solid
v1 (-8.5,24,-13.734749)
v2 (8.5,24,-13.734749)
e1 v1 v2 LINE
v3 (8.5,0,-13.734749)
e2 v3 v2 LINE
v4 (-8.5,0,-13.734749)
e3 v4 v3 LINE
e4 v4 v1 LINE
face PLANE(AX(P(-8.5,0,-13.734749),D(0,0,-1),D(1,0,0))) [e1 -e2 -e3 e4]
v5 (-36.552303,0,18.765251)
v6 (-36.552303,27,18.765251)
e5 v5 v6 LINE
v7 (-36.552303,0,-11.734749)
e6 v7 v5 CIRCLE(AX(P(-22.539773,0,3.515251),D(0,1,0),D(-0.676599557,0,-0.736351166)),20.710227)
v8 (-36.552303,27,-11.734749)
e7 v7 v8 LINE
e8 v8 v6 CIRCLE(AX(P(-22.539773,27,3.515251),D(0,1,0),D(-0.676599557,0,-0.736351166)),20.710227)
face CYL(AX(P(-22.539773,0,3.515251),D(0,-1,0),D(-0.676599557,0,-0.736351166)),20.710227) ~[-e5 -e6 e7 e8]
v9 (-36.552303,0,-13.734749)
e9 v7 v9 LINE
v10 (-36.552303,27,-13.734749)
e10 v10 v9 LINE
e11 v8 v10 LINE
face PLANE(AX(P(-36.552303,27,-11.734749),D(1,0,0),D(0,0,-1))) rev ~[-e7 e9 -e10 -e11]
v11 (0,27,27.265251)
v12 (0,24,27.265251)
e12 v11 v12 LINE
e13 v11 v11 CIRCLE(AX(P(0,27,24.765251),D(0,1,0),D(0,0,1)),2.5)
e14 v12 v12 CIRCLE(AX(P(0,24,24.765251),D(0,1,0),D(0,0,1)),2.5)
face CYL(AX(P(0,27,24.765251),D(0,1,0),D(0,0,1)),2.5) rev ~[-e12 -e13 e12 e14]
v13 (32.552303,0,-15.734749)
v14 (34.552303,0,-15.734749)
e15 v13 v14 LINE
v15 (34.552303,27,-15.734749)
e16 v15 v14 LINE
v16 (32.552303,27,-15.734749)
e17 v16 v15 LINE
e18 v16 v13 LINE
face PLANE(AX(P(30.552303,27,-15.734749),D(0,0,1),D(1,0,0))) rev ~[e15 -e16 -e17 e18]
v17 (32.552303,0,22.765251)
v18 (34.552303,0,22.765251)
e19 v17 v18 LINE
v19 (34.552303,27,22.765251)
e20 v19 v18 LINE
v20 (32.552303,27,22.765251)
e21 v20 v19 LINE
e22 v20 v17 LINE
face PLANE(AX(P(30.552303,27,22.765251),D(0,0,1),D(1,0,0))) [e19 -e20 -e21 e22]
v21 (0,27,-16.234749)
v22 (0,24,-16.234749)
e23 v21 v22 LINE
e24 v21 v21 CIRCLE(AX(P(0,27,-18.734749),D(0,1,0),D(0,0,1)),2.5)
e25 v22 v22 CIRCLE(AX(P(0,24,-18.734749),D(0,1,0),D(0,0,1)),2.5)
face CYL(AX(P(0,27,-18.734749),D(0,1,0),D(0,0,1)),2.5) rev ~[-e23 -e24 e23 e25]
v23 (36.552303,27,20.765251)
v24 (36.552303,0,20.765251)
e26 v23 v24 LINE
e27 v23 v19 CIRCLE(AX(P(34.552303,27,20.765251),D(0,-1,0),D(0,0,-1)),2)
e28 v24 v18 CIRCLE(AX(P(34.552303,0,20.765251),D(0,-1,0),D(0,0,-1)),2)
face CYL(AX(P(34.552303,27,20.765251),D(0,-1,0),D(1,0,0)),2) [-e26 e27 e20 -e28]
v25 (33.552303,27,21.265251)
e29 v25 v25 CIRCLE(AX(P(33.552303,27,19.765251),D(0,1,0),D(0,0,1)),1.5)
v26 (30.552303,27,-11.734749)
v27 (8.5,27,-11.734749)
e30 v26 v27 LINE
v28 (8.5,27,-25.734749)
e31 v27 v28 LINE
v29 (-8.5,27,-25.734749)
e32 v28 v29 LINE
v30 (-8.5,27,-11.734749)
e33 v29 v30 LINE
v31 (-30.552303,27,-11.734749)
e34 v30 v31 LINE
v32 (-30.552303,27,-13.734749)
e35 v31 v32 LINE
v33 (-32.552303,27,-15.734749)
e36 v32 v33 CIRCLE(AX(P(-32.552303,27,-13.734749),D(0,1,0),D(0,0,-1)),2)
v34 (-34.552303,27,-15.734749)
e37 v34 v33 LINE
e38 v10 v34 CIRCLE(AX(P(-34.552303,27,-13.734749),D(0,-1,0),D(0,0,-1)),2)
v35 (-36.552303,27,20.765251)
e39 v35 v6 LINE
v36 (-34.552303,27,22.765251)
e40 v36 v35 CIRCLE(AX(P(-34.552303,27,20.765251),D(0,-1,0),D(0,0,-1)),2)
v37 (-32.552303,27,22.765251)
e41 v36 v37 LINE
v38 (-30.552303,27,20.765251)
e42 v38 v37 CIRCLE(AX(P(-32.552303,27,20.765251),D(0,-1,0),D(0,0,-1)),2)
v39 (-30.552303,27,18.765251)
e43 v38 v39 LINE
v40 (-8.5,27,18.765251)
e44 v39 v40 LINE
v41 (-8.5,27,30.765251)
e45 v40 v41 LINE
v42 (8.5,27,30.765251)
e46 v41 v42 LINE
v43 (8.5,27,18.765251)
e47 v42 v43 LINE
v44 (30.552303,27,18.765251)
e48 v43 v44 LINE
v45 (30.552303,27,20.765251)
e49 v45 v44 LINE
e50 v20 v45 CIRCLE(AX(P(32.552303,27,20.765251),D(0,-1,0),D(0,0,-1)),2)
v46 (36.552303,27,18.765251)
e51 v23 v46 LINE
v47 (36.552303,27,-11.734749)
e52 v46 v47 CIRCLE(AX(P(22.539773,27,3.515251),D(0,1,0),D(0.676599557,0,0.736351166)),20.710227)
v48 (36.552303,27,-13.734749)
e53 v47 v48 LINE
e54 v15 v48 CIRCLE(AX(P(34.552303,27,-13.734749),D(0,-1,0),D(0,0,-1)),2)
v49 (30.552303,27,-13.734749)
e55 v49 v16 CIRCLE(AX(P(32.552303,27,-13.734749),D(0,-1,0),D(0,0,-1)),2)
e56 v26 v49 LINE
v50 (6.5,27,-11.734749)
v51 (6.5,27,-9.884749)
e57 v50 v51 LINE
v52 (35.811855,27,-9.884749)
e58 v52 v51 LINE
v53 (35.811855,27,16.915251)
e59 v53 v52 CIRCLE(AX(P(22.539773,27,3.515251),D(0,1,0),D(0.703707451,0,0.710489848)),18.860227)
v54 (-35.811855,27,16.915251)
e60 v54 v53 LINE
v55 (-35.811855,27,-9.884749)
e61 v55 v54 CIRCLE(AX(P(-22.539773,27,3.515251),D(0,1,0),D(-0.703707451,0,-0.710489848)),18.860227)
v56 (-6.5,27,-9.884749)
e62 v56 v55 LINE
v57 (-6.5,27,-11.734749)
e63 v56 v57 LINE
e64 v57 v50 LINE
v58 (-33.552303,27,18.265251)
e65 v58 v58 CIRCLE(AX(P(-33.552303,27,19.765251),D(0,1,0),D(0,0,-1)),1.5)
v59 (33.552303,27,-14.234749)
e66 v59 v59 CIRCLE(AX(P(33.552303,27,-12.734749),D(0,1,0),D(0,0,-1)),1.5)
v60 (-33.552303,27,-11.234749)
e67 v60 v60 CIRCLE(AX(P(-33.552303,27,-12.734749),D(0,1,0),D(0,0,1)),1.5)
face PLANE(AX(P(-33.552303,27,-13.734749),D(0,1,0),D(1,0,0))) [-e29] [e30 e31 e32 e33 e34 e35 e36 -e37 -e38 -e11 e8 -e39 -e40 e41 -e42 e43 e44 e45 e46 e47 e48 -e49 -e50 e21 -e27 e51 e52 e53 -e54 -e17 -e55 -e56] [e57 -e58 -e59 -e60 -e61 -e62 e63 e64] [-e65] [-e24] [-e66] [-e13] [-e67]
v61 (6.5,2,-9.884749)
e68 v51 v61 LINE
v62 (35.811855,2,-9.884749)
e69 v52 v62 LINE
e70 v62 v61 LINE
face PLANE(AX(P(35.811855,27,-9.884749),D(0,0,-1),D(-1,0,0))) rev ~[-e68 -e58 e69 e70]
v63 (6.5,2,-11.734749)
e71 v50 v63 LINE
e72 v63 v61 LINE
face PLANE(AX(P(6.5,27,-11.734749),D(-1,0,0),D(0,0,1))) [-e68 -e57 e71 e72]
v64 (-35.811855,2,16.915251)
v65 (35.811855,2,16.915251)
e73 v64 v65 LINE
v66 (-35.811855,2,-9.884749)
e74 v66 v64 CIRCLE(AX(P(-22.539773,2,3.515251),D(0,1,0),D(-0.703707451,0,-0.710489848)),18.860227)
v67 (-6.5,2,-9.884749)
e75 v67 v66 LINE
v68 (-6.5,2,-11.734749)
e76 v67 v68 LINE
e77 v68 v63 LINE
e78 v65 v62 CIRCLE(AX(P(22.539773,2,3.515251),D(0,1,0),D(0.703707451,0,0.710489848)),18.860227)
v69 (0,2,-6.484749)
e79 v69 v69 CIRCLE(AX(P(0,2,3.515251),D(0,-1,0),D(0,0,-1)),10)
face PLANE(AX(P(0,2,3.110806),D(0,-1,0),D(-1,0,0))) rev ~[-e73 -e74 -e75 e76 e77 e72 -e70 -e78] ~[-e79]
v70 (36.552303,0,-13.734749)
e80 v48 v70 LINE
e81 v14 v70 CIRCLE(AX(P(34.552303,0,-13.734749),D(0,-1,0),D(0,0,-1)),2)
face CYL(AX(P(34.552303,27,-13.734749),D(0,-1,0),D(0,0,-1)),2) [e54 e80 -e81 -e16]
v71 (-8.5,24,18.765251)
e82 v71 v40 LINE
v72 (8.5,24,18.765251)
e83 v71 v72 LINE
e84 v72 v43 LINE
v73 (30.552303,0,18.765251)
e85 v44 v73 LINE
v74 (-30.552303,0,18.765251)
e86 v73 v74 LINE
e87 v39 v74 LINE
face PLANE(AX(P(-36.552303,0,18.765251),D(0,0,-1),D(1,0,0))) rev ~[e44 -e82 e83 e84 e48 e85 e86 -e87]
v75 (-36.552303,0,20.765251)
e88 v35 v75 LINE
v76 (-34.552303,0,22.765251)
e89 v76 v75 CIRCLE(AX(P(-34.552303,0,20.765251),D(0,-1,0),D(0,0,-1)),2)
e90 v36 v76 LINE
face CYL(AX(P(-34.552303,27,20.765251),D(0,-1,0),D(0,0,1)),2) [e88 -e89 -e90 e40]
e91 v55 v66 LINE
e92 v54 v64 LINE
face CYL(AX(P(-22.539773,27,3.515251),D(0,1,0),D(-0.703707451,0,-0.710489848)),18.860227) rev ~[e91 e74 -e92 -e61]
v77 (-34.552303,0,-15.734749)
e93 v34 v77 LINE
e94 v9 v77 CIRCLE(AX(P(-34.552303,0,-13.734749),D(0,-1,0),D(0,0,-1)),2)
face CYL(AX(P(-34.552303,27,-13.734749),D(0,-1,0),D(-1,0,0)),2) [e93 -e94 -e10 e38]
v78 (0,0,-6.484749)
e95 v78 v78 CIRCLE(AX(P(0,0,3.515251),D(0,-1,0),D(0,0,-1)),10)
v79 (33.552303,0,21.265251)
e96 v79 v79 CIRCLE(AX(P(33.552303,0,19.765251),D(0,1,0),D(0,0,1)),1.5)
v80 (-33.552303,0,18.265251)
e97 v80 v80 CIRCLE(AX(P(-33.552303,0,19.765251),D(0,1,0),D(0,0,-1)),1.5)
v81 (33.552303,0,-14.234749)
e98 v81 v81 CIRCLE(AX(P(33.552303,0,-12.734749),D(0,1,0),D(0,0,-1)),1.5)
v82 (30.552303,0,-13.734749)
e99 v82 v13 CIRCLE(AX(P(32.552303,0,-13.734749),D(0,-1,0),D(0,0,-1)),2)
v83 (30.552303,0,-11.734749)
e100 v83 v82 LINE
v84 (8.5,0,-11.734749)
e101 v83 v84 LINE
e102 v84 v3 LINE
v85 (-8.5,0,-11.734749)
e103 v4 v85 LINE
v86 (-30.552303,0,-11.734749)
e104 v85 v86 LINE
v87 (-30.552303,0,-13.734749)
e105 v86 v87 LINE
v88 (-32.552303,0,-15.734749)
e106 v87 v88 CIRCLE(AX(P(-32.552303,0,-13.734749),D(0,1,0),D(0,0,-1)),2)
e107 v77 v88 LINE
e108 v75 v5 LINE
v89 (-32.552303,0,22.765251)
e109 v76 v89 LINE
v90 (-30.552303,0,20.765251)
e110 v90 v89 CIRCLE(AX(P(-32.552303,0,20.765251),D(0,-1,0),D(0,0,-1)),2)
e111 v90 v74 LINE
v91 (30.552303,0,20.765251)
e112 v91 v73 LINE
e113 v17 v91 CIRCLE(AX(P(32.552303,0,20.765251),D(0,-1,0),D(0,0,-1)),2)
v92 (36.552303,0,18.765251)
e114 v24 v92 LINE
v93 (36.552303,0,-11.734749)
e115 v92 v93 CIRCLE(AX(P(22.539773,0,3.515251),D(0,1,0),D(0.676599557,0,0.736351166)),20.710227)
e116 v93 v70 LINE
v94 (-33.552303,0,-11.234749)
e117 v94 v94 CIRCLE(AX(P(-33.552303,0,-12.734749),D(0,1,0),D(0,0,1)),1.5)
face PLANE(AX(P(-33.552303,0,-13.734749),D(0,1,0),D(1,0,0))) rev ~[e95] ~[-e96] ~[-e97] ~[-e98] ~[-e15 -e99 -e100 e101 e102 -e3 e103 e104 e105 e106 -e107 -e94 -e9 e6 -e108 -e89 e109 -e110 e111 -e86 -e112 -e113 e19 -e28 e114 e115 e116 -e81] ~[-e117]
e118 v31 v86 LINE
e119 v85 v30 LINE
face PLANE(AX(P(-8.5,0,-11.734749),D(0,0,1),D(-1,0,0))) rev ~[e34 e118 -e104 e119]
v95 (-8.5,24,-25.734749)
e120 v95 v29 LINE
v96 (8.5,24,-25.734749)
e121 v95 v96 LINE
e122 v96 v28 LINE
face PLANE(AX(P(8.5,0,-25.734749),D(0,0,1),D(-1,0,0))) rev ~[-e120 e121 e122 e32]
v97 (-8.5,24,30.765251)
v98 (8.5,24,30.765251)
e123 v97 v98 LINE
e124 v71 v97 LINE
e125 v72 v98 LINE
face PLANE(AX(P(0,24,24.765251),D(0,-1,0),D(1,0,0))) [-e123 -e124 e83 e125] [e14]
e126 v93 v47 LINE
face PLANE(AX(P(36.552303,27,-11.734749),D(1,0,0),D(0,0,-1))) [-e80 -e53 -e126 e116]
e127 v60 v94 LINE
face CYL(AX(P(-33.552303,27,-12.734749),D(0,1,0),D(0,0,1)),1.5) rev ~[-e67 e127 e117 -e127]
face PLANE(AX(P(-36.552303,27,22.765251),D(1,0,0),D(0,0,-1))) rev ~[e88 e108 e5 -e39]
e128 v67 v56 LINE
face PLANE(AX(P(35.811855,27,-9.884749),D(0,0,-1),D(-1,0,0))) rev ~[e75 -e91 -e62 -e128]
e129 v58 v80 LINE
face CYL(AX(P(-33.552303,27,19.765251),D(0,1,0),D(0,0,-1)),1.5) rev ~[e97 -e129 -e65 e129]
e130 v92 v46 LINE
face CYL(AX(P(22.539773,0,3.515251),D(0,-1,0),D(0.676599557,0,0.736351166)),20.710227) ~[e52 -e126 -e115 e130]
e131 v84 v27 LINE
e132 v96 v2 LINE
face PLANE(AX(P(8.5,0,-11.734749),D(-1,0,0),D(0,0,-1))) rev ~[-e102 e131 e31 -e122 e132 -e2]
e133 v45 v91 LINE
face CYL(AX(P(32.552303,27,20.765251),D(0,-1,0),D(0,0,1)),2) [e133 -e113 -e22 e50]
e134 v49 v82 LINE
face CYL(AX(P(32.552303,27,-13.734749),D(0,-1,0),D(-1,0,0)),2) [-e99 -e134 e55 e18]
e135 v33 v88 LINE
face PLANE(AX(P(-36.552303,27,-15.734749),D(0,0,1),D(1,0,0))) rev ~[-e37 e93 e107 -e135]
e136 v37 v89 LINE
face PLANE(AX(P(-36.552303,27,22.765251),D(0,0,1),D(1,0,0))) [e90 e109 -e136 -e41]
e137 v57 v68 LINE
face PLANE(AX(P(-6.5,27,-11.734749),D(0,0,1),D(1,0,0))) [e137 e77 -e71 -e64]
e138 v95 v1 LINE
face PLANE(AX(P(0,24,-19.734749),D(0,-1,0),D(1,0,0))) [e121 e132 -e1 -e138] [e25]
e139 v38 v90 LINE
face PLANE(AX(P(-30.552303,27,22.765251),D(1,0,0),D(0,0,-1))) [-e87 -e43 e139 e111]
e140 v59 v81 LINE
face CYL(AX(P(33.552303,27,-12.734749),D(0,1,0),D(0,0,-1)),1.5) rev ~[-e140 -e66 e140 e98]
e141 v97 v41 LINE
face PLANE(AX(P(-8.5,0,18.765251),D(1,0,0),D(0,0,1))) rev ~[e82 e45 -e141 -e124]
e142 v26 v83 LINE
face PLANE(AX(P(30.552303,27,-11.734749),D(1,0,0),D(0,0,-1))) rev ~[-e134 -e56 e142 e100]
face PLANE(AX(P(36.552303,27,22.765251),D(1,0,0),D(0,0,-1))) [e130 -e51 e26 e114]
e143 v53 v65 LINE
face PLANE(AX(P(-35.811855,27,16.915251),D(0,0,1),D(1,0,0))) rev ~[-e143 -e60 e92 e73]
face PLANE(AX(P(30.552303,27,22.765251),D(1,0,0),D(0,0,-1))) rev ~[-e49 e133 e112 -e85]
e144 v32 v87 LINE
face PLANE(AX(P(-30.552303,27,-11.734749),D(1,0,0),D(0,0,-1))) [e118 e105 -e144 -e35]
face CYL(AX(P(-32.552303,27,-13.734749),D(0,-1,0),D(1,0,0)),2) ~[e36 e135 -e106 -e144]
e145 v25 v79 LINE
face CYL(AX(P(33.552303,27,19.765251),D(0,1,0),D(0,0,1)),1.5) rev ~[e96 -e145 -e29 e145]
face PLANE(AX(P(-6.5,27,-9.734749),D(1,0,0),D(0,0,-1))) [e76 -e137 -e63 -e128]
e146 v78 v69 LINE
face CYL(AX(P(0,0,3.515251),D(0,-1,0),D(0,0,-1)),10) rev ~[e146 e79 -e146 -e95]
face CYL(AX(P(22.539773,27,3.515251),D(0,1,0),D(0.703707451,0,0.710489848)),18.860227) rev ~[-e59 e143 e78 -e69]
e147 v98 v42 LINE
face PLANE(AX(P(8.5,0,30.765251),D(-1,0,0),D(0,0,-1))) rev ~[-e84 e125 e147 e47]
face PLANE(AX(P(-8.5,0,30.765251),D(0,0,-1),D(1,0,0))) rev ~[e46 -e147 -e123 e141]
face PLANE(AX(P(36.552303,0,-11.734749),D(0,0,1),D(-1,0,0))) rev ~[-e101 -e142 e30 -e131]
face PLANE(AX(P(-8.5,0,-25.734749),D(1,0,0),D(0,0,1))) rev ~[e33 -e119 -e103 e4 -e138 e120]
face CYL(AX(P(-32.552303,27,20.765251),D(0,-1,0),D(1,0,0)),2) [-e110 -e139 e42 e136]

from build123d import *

# Parameters (mm, degrees)
BOSS_EXTRUDE2_DEPTH = 27
CUT_EXTRUDE3_DEPTH  = 25
SKETCH5_R           = 10
CUT_EXTRUDE4_DEPTH  = 2
SKETCH6_W           = 6
SKETCH6_H           = 4
BOSS_EXTRUDE3_DEPTH = 27
SKETCH7_R           = 1.5
CUT_EXTRUDE5_DEPTH  = 27
SKETCH15_W          = 17
SKETCH15_H          = 12
CUT_EXTRUDE6_DEPTH  = 24
FILLET1_R           = 2
CUT_EXTRUDE10_DEPTH = 25
SKETCH21_R          = 2.5
CUT_EXTRUDE11_DEPTH = 10


with BuildPart() as part:
    # Sketch1 → Boss-Extrude2 (new body)
    with BuildSketch(Plane(origin=(0, 0, 0), x_dir=(1, 0, 0), z_dir=(0, 1, 0))):
        with BuildLine():
            Line((8.5, 11.734748557), (8.5, 25.734748557))
            Line((8.5, 25.734748557), (-8.5, 25.734748557))
            Line((-8.5, 25.734748557), (-8.5, 11.734748557))
            Line((-8.5, 11.734748557), (-36.552303323, 11.734748557))
            ThreePointArc((-36.552303323, 11.734748557), (-43.25, -3.515251443), (-36.552303323, -18.765251443))
            Line((-36.552303323, -18.765251443), (-8.5, -18.765251443))
            Line((-8.5, -18.765251443), (-8.5, -30.765251443))
            Line((-8.5, -30.765251443), (8.5, -30.765251443))
            Line((8.5, -30.765251443), (8.5, -18.765251443))
            Line((8.5, -18.765251443), (36.552303323, -18.765251443))
            ThreePointArc((36.552303323, -18.765251443), (43.25, -3.515251443), (36.552303323, 11.734748557))
            Line((36.552303323, 11.734748557), (8.5, 11.734748557))
        make_face()
    extrude(amount=BOSS_EXTRUDE2_DEPTH)

    # Sketch4 → Cut-Extrude3 (cut)
    with BuildSketch(Plane(origin=(0, 27, 0), x_dir=(1, 0, 0), z_dir=(0, 1, 0))):
        with BuildLine():
            Line((6.5, 9.734748557), (35.75, 9.734748557))
            ThreePointArc((35.75, 9.734748557), (41.25, -3.515251443), (35.75, -16.765251443))
            Line((35.75, -16.765251443), (-35.75, -16.765251443))
            ThreePointArc((-35.75, -16.765251443), (-41.25, -3.515251443), (-35.75, 9.734748557))
            Line((-35.75, 9.734748557), (-6.5, 9.734748557))
            Line((-6.5, 9.734748557), (-6.5, 11.734748557))
            Line((-6.5, 11.734748557), (6.5, 11.734748557))
            Line((6.5, 11.734748557), (6.5, 9.734748557))
        make_face()
    extrude(amount=-CUT_EXTRUDE3_DEPTH, mode=Mode.SUBTRACT)

    # Sketch5 → Cut-Extrude4 (cut)
    with BuildSketch(Plane.XZ):
        with Locations(Location((0, 3.515251443, 0), (0, 0, 270))):
            Circle(SKETCH5_R)
    extrude(amount=-CUT_EXTRUDE4_DEPTH, mode=Mode.SUBTRACT)

    # Sketch6 → Boss-Extrude3 (add)
    with BuildSketch(Plane(origin=(0, 27, 0), x_dir=(1, 0, 0), z_dir=(0, 1, 0))):
        with Locations((-33.552303323, 13.734748557)):
            Rectangle(SKETCH6_W, SKETCH6_H)
        with Locations((-33.552303323, -20.765251443)):
            Rectangle(SKETCH6_W, SKETCH6_H)
        with Locations((33.552303323, -20.765251443)):
            Rectangle(SKETCH6_W, SKETCH6_H)
        with Locations((33.552303323, 13.734748557)):
            Rectangle(SKETCH6_W, SKETCH6_H)
    extrude(amount=-BOSS_EXTRUDE3_DEPTH)

    # Sketch7 → Cut-Extrude5 (cut)
    with BuildSketch(Plane(origin=(0, 27, 0), x_dir=(1, 0, 0), z_dir=(0, 1, 0))):
        with Locations(Location((-33.552303323, 12.734748557, 0), (0, 0, 270))):
            Circle(SKETCH7_R)
        with Locations(Location((-33.552303323, -19.765251443, 0), (0, 0, 90))):
            Circle(SKETCH7_R)
        with Locations(Location((33.552303323, -19.765251443, 0), (0, 0, 270))):
            Circle(SKETCH7_R)
        with Locations(Location((33.552303323, 12.734748557, 0), (0, 0, 90))):
            Circle(SKETCH7_R)
    extrude(amount=-CUT_EXTRUDE5_DEPTH, mode=Mode.SUBTRACT)

    # Sketch15 → Cut-Extrude6 (cut)
    with BuildSketch(Plane.XZ):
        with Locations((0, -19.734748557)):
            Rectangle(SKETCH15_W, SKETCH15_H)
        with Locations((0, 24.765251443)):
            Rectangle(SKETCH15_W, SKETCH15_H)
    extrude(amount=-CUT_EXTRUDE6_DEPTH, mode=Mode.SUBTRACT)

    # Fillet1
    fillet1_edges = [part.edges().sort_by_distance(p)[0] for p in [
        (36.552303323, 13.5, -15.734748557),
        (30.552303323, 13.5, -15.734748557),
        (-30.552303323, 13.5, -15.734748557),
        (-36.552303323, 13.5, -15.734748557),
        (-36.552303323, 13.5, 22.765251443),
        (-30.552303323, 13.5, 22.765251443),
        (30.552303323, 13.5, 22.765251443),
        (36.552303323, 13.5, 22.765251443),
    ]]
    fillet(fillet1_edges, radius=FILLET1_R)

    # Sketch20 → Cut-Extrude10 (cut)
    with BuildSketch(Plane(origin=(0, 27, 0), x_dir=(1, 0, 0), z_dir=(0, 1, 0))):
        with BuildLine():
            Line((6.5, 9.884748557), (-6.5, 9.884748557))
            Line((-6.5, 9.884748557), (-35.811855186, 9.884748557))
            ThreePointArc((-35.811855186, 9.884748557), (-41.4, -3.515251443), (-35.811855186, -16.915251443))
            Line((-35.811855186, -16.915251443), (35.811855186, -16.915251443))
            ThreePointArc((35.811855186, -16.915251443), (41.4, -3.515251443), (35.811855186, 9.884748557))
            Line((35.811855186, 9.884748557), (6.5, 9.884748557))
        make_face()
        with BuildLine():
            Line((35.75, 9.734748557), (6.5, 9.734748557))
            Line((6.5, 9.734748557), (-6.5, 9.734748557))
            Line((-6.5, 9.734748557), (-35.75, 9.734748557))
            ThreePointArc((-35.75, 9.734748557), (-41.25, -3.515251443), (-35.75, -16.765251443))
            Line((-35.75, -16.765251443), (35.75, -16.765251443))
            ThreePointArc((35.75, -16.765251443), (41.25, -3.515251443), (35.75, 9.734748557))
        make_face(mode=Mode.SUBTRACT)
    extrude(amount=-CUT_EXTRUDE10_DEPTH, mode=Mode.SUBTRACT)

    # Sketch21 → Cut-Extrude11 (cut)
    with BuildSketch(Plane(origin=(0, 27, 0), x_dir=(1, 0, 0), z_dir=(0, 1, 0))):
        with Locations(Location((0, 18.734748557, 0), (0, 0, 270))):
            Circle(SKETCH21_R)
        with Locations(Location((0, -24.765251443, 0), (0, 0, 270))):
            Circle(SKETCH21_R)
    extrude(amount=-CUT_EXTRUDE11_DEPTH, mode=Mode.SUBTRACT)


solid = part.part
